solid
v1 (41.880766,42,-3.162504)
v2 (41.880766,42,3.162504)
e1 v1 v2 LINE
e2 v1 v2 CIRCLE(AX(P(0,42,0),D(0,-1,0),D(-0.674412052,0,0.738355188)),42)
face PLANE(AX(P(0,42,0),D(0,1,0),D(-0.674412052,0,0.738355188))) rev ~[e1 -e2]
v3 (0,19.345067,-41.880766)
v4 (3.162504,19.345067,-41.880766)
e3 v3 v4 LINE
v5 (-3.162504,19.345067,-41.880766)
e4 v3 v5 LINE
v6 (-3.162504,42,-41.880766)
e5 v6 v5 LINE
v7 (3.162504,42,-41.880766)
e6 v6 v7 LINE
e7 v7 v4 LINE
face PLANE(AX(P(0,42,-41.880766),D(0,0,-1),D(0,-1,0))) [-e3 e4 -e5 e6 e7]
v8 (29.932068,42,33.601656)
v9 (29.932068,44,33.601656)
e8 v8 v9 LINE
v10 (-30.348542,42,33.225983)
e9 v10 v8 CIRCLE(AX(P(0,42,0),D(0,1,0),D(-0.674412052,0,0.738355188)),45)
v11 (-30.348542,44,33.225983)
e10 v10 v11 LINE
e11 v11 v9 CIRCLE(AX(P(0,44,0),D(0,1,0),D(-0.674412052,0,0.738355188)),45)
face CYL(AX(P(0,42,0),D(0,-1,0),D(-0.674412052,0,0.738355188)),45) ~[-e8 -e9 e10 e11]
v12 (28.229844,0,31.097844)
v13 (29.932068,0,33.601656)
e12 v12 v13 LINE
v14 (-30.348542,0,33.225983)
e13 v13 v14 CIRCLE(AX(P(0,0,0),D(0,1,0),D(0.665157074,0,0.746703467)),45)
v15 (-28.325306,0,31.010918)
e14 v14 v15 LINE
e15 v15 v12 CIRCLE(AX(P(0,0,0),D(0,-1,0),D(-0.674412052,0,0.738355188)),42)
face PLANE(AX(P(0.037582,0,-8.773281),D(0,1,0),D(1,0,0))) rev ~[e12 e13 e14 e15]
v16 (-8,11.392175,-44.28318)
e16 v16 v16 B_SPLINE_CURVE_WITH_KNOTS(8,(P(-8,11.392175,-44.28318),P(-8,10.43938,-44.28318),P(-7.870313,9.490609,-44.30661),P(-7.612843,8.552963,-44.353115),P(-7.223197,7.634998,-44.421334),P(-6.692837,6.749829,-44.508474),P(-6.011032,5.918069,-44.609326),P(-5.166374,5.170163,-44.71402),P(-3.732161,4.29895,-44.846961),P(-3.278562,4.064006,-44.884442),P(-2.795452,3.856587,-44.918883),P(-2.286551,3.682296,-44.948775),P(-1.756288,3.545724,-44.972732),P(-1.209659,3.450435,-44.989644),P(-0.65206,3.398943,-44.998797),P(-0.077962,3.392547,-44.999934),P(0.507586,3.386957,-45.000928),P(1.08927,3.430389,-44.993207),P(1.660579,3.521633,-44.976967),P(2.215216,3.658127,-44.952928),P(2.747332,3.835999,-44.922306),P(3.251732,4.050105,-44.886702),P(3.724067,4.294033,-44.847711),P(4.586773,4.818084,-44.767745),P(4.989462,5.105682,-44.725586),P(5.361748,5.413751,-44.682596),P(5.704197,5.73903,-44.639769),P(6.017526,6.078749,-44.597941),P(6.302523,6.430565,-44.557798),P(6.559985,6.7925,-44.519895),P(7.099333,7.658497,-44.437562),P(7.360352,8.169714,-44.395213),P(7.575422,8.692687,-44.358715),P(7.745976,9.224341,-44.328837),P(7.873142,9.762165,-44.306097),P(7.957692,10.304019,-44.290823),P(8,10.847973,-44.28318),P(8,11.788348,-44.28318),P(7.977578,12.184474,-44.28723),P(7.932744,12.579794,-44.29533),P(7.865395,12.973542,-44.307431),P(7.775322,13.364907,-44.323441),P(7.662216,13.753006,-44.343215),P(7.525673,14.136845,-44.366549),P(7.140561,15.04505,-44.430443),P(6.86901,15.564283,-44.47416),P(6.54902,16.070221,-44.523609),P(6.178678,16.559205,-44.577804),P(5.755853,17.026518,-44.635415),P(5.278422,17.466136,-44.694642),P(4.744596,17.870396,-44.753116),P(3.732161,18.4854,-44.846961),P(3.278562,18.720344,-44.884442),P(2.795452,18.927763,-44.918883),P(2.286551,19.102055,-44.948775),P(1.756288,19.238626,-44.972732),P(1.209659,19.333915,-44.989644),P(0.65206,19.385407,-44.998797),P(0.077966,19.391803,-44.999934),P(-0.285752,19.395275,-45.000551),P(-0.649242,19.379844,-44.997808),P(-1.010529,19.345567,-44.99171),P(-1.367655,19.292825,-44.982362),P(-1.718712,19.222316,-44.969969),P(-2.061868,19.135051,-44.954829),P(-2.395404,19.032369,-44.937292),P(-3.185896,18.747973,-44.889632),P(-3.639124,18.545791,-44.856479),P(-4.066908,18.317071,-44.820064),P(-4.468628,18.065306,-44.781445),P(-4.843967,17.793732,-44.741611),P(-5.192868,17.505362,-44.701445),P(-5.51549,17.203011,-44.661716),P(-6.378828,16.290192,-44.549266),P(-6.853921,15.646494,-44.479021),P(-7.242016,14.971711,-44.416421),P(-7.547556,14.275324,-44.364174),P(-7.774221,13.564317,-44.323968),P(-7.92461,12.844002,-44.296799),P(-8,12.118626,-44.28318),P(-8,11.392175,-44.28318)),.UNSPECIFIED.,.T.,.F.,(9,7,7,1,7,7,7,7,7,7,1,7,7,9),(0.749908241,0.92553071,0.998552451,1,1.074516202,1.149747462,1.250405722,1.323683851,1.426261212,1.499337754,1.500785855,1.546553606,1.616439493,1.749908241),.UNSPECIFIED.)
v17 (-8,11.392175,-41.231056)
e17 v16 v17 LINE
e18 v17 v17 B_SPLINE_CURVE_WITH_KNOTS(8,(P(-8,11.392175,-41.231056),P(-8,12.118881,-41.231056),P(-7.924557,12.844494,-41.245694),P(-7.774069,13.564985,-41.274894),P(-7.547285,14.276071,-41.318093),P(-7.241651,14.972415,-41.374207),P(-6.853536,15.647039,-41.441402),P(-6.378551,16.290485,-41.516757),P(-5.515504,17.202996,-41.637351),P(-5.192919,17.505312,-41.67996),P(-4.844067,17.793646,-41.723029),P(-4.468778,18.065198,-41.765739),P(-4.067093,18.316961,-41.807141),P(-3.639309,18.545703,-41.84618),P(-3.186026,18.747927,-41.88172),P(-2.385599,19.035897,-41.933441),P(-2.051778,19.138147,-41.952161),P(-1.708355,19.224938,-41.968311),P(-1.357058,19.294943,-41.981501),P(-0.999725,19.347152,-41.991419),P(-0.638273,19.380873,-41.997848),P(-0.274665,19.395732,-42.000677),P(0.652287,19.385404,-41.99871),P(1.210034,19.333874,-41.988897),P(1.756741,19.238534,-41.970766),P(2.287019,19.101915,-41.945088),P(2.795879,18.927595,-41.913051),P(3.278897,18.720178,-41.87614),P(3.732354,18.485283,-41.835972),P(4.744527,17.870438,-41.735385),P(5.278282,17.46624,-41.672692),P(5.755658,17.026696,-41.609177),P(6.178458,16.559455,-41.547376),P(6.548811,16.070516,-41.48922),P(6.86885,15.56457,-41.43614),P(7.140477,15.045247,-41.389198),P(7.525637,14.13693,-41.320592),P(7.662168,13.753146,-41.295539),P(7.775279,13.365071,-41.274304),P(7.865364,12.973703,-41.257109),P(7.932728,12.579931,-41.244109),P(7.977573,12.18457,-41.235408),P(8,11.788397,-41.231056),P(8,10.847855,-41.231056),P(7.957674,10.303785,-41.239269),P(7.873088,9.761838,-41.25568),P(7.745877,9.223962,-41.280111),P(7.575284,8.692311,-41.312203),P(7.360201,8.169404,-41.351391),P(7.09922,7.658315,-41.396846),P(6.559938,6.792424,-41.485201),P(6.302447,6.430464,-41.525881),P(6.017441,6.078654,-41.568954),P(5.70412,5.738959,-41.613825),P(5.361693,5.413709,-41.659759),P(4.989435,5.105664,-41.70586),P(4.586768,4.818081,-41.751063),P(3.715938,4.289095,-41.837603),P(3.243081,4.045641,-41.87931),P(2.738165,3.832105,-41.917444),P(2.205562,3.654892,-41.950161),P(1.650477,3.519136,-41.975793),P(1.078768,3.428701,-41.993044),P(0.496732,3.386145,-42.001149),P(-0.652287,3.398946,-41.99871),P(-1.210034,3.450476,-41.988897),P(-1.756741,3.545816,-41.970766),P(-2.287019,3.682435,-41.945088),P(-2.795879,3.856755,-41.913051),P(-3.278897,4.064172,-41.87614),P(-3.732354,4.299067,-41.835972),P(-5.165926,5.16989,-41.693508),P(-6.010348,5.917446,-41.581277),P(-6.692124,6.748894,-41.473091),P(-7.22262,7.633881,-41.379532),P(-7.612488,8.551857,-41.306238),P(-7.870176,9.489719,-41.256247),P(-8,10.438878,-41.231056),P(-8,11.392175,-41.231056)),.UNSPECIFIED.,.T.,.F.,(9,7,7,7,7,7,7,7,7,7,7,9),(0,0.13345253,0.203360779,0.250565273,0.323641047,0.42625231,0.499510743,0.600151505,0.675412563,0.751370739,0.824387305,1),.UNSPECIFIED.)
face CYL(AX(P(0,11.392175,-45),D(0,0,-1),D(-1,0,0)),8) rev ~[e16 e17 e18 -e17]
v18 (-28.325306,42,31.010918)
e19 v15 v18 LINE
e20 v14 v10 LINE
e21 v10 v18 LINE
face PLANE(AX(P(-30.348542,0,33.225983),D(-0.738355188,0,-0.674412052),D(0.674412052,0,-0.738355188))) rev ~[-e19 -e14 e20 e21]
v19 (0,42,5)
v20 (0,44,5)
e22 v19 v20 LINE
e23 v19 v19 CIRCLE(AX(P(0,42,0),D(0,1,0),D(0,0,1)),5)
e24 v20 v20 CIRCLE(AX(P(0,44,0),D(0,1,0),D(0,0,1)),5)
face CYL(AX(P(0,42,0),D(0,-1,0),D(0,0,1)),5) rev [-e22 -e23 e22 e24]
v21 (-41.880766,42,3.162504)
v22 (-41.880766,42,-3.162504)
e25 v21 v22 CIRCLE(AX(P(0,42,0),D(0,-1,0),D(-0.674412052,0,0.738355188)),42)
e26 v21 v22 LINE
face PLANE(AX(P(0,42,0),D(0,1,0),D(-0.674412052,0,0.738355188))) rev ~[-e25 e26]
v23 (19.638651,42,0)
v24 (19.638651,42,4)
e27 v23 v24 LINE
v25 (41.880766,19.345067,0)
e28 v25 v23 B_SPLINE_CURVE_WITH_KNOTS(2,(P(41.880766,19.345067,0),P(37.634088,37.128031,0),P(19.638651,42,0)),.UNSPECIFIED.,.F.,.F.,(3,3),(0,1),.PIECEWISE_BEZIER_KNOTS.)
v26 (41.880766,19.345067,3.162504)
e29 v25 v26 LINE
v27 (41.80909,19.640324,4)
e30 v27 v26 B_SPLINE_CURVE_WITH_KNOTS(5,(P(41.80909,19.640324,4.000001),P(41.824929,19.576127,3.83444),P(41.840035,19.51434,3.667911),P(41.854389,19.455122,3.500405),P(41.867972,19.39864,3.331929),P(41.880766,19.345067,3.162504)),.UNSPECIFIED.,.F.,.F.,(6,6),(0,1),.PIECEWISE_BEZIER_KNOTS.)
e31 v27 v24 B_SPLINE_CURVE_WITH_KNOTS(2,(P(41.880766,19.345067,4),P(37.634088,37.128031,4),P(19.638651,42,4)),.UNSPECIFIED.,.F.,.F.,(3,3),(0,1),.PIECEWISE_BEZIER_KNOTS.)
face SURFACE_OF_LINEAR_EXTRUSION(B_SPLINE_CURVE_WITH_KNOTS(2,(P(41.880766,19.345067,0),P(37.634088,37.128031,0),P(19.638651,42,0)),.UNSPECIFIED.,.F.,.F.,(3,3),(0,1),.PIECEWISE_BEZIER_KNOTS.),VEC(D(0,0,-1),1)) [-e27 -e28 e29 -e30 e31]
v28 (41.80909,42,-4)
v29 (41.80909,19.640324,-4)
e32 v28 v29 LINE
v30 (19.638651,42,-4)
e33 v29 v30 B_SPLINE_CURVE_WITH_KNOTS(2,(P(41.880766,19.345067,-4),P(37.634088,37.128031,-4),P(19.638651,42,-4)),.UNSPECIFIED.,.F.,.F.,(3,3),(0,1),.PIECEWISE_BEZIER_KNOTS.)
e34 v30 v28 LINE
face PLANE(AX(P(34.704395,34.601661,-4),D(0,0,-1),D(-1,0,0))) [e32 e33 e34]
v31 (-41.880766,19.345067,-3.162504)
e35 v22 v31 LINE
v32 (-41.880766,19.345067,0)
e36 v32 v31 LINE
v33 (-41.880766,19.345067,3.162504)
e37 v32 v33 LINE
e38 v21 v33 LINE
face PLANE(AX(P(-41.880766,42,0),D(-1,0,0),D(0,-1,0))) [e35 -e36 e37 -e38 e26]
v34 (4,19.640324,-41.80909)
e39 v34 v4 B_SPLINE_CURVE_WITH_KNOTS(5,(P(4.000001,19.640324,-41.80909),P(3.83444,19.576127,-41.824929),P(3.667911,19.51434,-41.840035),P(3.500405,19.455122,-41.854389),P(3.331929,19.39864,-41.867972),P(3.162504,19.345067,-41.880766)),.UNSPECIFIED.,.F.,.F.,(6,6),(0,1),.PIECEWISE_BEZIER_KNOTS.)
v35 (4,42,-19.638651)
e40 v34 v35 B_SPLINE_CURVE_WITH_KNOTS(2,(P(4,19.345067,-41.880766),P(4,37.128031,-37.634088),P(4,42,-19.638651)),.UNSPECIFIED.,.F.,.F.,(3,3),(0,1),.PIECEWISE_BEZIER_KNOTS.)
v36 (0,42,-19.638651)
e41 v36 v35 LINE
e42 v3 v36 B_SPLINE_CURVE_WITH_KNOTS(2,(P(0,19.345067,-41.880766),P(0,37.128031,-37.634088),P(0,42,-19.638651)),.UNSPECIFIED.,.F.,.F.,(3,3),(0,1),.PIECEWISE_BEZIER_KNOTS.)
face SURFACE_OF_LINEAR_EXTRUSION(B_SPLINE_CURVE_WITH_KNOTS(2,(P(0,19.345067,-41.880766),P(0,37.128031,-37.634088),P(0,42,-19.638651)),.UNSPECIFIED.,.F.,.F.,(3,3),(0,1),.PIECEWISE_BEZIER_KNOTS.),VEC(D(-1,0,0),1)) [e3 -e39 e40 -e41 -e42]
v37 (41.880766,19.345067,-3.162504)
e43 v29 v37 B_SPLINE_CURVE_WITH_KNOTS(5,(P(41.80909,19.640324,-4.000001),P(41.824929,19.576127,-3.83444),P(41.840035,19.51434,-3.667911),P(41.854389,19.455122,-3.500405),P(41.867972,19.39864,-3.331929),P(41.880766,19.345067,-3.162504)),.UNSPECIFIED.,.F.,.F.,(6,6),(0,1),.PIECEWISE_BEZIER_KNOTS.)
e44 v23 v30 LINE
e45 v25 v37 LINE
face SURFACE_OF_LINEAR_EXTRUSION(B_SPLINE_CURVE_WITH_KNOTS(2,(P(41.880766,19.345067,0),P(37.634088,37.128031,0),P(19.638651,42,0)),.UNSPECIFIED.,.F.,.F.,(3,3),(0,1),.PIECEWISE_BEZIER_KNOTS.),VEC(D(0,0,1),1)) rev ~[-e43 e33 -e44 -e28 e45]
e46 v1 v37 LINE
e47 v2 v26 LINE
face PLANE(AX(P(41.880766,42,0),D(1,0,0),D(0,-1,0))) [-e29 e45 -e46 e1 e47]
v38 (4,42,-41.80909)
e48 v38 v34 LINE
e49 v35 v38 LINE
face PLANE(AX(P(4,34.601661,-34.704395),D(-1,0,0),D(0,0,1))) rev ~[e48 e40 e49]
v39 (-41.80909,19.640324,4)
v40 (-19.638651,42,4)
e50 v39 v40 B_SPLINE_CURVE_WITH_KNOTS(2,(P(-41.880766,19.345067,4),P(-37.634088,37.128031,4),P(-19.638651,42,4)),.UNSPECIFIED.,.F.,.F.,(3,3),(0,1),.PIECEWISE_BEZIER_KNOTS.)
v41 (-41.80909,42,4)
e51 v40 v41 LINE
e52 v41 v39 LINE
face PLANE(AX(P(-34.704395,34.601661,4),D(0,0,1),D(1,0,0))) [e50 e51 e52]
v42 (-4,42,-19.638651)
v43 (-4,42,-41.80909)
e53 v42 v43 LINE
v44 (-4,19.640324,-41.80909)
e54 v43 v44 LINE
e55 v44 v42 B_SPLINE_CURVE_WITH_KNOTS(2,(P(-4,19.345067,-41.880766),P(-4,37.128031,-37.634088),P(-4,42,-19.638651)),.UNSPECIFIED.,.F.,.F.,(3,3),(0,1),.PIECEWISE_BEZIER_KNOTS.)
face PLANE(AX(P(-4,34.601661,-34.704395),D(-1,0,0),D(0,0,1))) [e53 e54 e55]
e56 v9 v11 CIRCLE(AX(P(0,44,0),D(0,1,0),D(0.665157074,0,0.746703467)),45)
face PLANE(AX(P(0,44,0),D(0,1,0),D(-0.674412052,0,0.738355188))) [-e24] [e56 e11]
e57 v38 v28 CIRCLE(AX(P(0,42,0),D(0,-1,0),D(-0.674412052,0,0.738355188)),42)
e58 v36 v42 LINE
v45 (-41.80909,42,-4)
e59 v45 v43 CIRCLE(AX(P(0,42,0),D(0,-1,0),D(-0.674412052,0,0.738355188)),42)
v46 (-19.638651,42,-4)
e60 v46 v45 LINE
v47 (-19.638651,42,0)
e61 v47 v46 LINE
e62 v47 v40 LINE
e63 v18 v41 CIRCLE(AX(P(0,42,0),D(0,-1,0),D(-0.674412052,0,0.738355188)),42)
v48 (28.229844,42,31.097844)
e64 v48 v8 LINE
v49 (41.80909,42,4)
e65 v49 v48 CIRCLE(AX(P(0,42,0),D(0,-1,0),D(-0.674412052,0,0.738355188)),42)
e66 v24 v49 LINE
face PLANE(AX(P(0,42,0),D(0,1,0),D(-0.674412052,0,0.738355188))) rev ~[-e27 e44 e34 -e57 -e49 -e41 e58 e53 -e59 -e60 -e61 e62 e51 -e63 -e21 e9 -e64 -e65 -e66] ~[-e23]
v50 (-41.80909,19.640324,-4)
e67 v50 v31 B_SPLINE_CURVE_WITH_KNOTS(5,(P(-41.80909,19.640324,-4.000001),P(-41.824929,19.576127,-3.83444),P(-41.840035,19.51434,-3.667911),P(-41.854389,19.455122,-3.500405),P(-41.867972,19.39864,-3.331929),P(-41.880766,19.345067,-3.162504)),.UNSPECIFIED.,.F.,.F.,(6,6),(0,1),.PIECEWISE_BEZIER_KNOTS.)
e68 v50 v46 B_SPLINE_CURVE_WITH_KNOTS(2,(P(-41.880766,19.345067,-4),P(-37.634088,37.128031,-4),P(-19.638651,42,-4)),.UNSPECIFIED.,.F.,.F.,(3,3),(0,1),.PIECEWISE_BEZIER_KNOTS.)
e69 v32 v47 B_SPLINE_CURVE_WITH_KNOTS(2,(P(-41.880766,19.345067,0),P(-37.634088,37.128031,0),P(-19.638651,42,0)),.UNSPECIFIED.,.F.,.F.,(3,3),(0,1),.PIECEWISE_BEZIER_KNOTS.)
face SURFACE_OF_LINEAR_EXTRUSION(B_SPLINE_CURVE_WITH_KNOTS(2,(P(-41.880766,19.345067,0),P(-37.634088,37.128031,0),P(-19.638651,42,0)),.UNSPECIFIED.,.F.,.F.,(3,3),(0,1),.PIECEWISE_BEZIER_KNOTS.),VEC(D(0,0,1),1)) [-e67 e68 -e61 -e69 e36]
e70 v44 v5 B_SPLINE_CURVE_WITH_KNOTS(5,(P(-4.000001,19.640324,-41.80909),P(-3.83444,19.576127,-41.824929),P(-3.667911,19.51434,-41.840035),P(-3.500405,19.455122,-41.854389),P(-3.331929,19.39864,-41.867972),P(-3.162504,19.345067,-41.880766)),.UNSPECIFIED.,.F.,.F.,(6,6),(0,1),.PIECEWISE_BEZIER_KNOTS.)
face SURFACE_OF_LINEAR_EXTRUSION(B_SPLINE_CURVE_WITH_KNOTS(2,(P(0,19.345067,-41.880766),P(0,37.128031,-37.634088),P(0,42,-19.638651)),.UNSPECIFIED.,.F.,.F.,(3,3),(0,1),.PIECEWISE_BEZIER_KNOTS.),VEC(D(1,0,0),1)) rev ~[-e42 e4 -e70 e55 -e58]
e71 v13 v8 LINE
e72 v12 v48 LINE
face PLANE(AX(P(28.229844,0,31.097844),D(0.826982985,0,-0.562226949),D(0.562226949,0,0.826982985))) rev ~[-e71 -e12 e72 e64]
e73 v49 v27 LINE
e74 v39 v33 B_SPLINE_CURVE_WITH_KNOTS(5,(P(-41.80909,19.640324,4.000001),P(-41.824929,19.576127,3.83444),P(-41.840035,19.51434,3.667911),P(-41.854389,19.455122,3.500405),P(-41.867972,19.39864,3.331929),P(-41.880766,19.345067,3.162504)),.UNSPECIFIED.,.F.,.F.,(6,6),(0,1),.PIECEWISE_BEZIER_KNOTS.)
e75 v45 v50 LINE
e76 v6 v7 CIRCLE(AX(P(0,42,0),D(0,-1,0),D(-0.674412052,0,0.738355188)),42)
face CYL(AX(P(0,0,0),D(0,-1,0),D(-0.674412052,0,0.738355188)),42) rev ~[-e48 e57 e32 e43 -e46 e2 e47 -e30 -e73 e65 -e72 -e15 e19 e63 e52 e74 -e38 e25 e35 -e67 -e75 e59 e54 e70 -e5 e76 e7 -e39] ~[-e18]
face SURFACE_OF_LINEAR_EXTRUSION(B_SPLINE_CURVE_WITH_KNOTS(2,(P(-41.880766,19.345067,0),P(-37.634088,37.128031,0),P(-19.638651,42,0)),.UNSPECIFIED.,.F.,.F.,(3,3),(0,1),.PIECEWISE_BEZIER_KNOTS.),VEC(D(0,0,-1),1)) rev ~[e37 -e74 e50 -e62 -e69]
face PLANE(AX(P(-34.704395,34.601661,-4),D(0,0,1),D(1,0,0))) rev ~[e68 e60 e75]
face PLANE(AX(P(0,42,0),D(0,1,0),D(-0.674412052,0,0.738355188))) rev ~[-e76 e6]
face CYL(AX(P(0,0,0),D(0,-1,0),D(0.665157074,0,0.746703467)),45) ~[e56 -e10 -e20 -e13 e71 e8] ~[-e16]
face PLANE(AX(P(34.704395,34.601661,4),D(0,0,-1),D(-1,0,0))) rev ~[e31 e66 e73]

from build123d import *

# Parameters (mm, degrees)
AUFSATZ_LINEAR_AUSTRAGEN1_DEPTH = 44
AUFSATZ_LINEAR_START            = -2
SKIZZE2_R                       = 45
SKIZZE2_R_2                     = 5
AUFSATZ_LINEAR_AUSTRAGEN2_DEPTH = 2
SKIZZE3_R                       = 8
SCHNITT_LINEAR_AUSTRAGEN2_DEPTH = 9.26
AUFSATZ_LINEAR_AUSTRAGEN3_DEPTH = 4
KREISMUSTER1_COUNT              = 3
KREISMUSTER1_ANGLE              = 180


with BuildPart() as part:
    # Skizze1 → Aufsatz-Linear austragen1 (new body)
    with BuildSketch(Plane(origin=(0, 0, 0), x_dir=(1, 0, 0), z_dir=(0, 1, 0))):
        with BuildLine():
            Line((28.22984402, -31.097844083), (29.932068323, -33.601655999))
            ThreePointArc((29.932068323, -33.601655999), (0.280437371, 44.999126157), (-30.348542355, -33.225983461))
            Line((-30.348542355, -33.225983461), (-28.325306198, -31.010917897))
            ThreePointArc((-28.325306198, -31.010917897), (0.064554608, 41.999950389), (28.22984402, -31.097844083))
        make_face()
    extrude(amount=AUFSATZ_LINEAR_AUSTRAGEN1_DEPTH)

    # Skizze2 → Aufsatz-Linear austragen2 (add)
    with BuildSketch(Plane(origin=(0, 44, 0), x_dir=(1, 0, 0), z_dir=(0, 1, 0)).offset(AUFSATZ_LINEAR_START)):
        with Locations(Location((0, 0, 0), (0, 0, 227.591490679))):
            Circle(SKIZZE2_R)
        with Locations(Location((0, 0, 0), (0, 0, 270))):
            Circle(SKIZZE2_R_2, mode=Mode.SUBTRACT)
    extrude(amount=AUFSATZ_LINEAR_AUSTRAGEN2_DEPTH)

    # Skizze3 → Schnitt-Linear austragen2 (cut)
    with BuildSketch(Plane(origin=(0, 0, -45), x_dir=(-1, 0, 0), z_dir=(0, 0, -1))):
        with Locations((0, 11.392175051)):
            Circle(SKIZZE3_R)
    extrude(amount=-SCHNITT_LINEAR_AUSTRAGEN2_DEPTH, mode=Mode.SUBTRACT)

    # Skizze4 → Aufsatz-Linear austragen3 (add, symmetric)
    with BuildSketch(Plane.XY):
        with BuildLine():
            Line((-41.880766109, 42), (-41.880766109, 19.345066602))
            add(Edge.make_bspline(
                [(-41.880766109, 19.345066602), (-37.634088063, 37.128030919), (-19.638651498, 42)],
                knots=[0, 0, 0, 1, 1, 1], degree=2))
            Line((-19.638651498, 42), (-41.880766109, 42))
        make_face()
    aufsatz_linear_austragen3 = extrude(amount=AUFSATZ_LINEAR_AUSTRAGEN3_DEPTH, both=True)

    # Kreismuster1: Aufsatz-Linear austragen3 ×3 about axis
    kreismuster1_axis = Axis((0, 42, 0), (0, -1, 0))
    for i in range(1, KREISMUSTER1_COUNT):
        add(aufsatz_linear_austragen3.rotate(kreismuster1_axis, i * KREISMUSTER1_ANGLE / (KREISMUSTER1_COUNT - 1)))


solid = part.part
